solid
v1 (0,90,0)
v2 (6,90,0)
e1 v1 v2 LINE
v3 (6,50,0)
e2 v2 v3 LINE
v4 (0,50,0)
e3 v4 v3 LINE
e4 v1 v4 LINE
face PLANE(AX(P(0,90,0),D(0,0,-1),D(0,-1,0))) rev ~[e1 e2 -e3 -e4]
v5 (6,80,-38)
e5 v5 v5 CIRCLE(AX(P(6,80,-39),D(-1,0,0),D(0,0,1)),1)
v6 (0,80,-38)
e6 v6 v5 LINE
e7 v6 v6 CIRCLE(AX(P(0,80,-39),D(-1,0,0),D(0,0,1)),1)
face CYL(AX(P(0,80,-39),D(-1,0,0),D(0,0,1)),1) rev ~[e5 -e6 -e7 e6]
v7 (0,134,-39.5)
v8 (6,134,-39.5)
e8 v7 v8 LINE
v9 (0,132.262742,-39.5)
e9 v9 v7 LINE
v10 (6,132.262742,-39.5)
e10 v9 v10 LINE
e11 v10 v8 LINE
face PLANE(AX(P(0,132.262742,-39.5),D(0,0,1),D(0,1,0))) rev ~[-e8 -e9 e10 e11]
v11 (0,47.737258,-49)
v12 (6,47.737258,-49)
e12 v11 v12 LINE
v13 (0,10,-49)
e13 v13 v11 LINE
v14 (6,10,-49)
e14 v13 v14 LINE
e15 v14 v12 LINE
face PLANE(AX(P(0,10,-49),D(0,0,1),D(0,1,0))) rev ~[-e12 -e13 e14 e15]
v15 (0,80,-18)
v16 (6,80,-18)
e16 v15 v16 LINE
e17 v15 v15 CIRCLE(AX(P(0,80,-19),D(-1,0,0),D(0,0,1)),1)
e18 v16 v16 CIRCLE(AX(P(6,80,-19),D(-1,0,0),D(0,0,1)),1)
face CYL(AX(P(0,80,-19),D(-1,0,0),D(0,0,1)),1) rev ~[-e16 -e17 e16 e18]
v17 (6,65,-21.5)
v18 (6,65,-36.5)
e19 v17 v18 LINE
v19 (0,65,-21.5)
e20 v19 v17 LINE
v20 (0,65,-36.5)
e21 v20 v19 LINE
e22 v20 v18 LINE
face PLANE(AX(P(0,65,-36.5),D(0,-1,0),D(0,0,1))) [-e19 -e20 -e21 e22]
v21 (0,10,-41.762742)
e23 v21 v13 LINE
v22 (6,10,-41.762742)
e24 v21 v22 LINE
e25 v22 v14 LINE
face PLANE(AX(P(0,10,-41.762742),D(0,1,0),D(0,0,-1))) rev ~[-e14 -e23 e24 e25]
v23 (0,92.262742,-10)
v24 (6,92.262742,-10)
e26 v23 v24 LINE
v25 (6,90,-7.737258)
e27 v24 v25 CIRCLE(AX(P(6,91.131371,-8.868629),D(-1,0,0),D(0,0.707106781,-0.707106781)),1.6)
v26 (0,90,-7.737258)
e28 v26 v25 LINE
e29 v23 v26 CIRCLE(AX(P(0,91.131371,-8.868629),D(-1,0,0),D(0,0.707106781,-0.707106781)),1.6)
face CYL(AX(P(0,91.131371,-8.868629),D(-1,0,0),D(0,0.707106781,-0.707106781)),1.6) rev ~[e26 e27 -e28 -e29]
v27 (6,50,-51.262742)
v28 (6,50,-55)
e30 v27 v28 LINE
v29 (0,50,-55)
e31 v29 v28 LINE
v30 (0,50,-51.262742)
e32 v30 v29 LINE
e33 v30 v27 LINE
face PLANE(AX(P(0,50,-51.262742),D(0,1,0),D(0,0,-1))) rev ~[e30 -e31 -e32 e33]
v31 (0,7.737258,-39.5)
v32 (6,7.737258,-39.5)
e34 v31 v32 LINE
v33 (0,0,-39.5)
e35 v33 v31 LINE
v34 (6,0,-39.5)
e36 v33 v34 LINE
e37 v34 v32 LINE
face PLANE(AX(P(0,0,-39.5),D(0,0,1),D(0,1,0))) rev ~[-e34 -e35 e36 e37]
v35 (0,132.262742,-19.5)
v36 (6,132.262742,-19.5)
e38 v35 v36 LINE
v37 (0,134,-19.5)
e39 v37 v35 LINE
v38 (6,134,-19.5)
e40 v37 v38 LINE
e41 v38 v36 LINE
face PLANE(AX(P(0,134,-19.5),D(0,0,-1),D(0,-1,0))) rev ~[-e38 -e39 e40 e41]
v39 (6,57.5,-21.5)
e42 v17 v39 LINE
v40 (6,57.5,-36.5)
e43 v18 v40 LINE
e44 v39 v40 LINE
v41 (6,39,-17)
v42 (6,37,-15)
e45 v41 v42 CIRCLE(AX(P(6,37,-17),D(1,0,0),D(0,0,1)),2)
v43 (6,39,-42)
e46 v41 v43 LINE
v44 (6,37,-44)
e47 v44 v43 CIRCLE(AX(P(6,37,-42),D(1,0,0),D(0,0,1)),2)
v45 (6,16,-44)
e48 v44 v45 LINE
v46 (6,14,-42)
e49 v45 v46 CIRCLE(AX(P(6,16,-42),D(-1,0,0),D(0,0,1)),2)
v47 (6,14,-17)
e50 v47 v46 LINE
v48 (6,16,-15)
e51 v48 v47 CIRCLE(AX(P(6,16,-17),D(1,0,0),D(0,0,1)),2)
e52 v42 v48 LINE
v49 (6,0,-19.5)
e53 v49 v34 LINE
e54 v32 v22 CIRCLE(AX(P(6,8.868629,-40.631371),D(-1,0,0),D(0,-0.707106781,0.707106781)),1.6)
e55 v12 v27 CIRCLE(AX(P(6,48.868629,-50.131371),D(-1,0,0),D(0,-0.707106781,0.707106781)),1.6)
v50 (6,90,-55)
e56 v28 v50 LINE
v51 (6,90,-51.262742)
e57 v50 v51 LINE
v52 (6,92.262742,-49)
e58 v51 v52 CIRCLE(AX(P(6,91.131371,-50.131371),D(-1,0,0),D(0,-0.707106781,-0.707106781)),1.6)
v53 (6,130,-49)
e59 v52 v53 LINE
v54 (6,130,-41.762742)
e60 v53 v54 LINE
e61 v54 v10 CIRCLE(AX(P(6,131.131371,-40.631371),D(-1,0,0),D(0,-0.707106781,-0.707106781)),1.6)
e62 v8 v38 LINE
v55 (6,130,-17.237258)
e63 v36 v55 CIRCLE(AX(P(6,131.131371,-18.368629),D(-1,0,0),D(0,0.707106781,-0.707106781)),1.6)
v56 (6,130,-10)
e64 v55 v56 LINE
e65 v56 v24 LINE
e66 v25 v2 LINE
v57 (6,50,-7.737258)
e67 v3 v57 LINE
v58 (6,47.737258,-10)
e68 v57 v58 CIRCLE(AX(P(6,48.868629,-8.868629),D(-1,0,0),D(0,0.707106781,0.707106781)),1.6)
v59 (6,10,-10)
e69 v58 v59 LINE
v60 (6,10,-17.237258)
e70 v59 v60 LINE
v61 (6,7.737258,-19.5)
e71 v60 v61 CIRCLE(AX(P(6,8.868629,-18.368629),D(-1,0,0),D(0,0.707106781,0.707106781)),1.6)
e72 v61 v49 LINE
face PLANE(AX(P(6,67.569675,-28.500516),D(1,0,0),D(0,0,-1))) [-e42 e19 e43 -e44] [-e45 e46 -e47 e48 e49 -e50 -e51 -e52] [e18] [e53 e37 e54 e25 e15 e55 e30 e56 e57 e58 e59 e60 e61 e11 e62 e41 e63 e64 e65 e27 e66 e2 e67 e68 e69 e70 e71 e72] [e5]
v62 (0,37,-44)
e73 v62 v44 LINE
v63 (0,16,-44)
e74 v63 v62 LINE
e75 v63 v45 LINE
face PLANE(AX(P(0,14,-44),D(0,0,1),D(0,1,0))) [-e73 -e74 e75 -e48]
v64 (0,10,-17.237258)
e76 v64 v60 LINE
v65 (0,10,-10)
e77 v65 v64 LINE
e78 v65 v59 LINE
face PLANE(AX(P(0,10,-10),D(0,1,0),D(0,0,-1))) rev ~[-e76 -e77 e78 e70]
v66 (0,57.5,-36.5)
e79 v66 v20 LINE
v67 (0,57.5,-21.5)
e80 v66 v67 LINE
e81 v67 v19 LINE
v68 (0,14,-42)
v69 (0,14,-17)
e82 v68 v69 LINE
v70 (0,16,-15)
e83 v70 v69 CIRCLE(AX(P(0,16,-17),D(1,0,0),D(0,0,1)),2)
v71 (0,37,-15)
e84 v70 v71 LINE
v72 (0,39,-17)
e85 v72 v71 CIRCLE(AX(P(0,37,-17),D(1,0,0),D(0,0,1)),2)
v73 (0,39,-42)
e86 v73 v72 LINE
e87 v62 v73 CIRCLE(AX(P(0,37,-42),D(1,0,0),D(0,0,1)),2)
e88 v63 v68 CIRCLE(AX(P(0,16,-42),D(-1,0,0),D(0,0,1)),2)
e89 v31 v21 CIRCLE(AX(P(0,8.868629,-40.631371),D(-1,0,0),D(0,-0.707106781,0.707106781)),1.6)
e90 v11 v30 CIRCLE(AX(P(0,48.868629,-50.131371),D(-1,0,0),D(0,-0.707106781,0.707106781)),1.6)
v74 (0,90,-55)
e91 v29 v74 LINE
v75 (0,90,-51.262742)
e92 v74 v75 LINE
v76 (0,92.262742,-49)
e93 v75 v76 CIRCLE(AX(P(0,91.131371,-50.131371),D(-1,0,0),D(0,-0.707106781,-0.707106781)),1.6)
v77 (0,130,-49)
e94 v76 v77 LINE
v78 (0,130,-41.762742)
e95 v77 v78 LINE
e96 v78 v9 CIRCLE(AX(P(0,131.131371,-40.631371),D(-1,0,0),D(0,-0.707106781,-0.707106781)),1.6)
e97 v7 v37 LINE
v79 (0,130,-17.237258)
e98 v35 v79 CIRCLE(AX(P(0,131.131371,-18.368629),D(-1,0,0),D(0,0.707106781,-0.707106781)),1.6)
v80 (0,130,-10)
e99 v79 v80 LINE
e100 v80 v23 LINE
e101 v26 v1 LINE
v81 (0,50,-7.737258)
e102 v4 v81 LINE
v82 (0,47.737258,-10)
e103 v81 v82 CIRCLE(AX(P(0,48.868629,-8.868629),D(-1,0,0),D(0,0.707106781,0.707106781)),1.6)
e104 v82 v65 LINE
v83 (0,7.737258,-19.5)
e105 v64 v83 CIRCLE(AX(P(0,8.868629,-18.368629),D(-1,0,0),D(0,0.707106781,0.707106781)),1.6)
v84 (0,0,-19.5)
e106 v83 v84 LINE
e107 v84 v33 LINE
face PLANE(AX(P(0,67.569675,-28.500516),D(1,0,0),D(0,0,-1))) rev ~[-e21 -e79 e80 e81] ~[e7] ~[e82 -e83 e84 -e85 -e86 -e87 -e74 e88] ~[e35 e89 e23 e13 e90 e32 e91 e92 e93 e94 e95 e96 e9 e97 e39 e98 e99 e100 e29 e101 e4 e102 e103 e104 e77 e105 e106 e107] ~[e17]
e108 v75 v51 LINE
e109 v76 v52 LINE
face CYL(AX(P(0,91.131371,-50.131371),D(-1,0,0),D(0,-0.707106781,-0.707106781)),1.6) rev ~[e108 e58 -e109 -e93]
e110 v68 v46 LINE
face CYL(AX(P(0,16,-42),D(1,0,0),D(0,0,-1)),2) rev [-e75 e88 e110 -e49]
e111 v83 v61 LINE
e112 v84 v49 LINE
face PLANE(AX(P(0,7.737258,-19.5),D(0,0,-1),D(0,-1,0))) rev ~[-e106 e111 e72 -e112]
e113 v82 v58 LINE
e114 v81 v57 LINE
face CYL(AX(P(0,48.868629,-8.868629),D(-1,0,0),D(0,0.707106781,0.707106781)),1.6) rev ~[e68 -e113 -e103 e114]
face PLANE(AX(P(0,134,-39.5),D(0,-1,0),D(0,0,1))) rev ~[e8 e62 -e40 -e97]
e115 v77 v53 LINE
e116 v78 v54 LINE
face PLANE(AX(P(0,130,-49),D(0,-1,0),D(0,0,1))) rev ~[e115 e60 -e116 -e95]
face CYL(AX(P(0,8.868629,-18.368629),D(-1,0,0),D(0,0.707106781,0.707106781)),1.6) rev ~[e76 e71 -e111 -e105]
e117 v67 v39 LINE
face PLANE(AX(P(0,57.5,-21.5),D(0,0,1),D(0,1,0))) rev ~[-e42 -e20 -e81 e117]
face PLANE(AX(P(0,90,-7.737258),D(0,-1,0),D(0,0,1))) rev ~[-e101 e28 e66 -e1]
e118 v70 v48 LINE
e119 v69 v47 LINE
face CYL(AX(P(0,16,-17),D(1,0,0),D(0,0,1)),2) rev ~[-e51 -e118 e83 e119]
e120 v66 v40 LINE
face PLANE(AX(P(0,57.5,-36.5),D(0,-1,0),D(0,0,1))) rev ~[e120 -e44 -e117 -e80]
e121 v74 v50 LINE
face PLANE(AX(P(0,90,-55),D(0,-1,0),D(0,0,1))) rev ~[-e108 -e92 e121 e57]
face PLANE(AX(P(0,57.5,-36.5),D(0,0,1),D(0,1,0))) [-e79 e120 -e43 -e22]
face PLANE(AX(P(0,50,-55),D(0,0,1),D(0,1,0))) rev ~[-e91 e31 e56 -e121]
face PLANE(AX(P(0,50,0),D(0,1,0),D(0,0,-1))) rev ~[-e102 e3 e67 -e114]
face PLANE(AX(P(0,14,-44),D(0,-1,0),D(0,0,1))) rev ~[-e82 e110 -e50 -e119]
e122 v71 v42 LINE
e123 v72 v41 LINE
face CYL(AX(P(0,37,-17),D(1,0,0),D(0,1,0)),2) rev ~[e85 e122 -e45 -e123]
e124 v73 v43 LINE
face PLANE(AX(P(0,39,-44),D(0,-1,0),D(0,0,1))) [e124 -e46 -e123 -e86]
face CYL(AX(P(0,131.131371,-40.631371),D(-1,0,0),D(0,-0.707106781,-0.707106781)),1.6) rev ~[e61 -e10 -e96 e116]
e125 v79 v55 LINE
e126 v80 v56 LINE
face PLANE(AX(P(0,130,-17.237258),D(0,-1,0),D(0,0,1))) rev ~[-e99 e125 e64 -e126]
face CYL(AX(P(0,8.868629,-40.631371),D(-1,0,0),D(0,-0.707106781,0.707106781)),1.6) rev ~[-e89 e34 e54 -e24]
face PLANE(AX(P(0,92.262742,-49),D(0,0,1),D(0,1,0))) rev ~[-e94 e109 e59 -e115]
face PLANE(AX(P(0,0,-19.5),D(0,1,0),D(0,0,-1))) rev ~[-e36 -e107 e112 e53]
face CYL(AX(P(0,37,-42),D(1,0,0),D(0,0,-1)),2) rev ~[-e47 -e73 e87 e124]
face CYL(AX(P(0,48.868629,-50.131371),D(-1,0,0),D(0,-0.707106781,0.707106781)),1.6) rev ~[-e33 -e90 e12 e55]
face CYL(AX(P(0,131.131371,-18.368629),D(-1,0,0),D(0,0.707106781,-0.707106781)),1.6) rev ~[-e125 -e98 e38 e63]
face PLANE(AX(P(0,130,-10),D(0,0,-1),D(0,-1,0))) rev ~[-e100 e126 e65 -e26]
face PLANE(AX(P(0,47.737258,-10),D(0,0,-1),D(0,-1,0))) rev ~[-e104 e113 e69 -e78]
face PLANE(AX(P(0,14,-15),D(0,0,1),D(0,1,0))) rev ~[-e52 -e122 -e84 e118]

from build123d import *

# Parameters (mm, degrees)
EXTRUSION1_DEPTH        = 6
ESQUISSE2_R             = 1
ESQUISSE2_W             = 29
ESQUISSE2_H             = 25
ENL_V_MAT_EXTRU_1_DEPTH = 7
CONG_1_R                = 2
ESQUISSE3_W             = 15
ESQUISSE3_H             = 7.5
ENL_V_MAT_EXTRU_2_DEPTH = 7


with BuildPart() as part:
    # Esquisse1 → Extrusion1 (new body)
    with BuildSketch(Plane(origin=(0, 0, 0), x_dir=(0, 0, -1), z_dir=(1, 0, 0))):
        with BuildLine():
            Line((19.5, 7.7372583), (19.5, 0))
            Line((19.5, 0), (39.5, 0))
            Line((39.5, 0), (39.5, 7.7372583))
            ThreePointArc((39.5, 7.7372583), (39.5, 10), (41.7627417, 10))
            Line((41.7627417, 10), (49, 10))
            Line((49, 10), (49, 47.7372583))
            ThreePointArc((49, 47.7372583), (49, 50), (51.2627417, 50))
            Line((51.2627417, 50), (55, 50))
            Line((55, 50), (55, 90))
            Line((55, 90), (51.2627417, 90))
            ThreePointArc((51.2627417, 90), (49, 90), (49, 92.2627417))
            Line((49, 92.2627417), (49, 130))
            Line((49, 130), (41.7627417, 130))
            ThreePointArc((41.7627417, 130), (39.5, 130), (39.5, 132.2627417))
            Line((39.5, 132.2627417), (39.5, 134))
            Line((39.5, 134), (19.5, 134))
            Line((19.5, 134), (19.5, 132.2627417))
            ThreePointArc((19.5, 132.2627417), (19.5, 130), (17.2372583, 130))
            Line((17.2372583, 130), (10, 130))
            Line((10, 130), (10, 92.2627417))
            ThreePointArc((10, 92.2627417), (10, 90), (7.7372583, 90))
            Line((7.7372583, 90), (0, 90))
            Line((0, 90), (0, 50))
            Line((0, 50), (7.7372583, 50))
            ThreePointArc((7.7372583, 50), (10, 50), (10, 47.7372583))
            Line((10, 47.7372583), (10, 10))
            Line((10, 10), (17.2372583, 10))
            ThreePointArc((17.2372583, 10), (19.5, 10), (19.5, 7.7372583))
        make_face()
    extrude(amount=EXTRUSION1_DEPTH)

    # Esquisse2 → Enlèv. mat.-Extru.1 (cut, through all)
    with BuildSketch(Plane.ZY):
        with Locations((-39, 80)):
            Circle(ESQUISSE2_R)
        with Locations((-19, 80)):
            Circle(ESQUISSE2_R)
        with Locations((-29.5, 26.5)):
            Rectangle(ESQUISSE2_W, ESQUISSE2_H)
    extrude(amount=-ENL_V_MAT_EXTRU_1_DEPTH, mode=Mode.SUBTRACT)

    # Congé1
    cong_1_edges = [part.edges().sort_by_distance(p)[0] for p in [
        (3, 39, -15),
        (3, 14, -15),
        (3, 14, -44),
        (3, 39, -44),
    ]]
    fillet(cong_1_edges, radius=CONG_1_R)

    # Esquisse3 → Enlèv. mat.-Extru.2 (cut, through all)
    with BuildSketch(Plane.ZY):
        with Locations((-29, 61.25)):
            Rectangle(ESQUISSE3_W, ESQUISSE3_H)
    extrude(amount=-ENL_V_MAT_EXTRU_2_DEPTH, mode=Mode.SUBTRACT)


solid = part.part
